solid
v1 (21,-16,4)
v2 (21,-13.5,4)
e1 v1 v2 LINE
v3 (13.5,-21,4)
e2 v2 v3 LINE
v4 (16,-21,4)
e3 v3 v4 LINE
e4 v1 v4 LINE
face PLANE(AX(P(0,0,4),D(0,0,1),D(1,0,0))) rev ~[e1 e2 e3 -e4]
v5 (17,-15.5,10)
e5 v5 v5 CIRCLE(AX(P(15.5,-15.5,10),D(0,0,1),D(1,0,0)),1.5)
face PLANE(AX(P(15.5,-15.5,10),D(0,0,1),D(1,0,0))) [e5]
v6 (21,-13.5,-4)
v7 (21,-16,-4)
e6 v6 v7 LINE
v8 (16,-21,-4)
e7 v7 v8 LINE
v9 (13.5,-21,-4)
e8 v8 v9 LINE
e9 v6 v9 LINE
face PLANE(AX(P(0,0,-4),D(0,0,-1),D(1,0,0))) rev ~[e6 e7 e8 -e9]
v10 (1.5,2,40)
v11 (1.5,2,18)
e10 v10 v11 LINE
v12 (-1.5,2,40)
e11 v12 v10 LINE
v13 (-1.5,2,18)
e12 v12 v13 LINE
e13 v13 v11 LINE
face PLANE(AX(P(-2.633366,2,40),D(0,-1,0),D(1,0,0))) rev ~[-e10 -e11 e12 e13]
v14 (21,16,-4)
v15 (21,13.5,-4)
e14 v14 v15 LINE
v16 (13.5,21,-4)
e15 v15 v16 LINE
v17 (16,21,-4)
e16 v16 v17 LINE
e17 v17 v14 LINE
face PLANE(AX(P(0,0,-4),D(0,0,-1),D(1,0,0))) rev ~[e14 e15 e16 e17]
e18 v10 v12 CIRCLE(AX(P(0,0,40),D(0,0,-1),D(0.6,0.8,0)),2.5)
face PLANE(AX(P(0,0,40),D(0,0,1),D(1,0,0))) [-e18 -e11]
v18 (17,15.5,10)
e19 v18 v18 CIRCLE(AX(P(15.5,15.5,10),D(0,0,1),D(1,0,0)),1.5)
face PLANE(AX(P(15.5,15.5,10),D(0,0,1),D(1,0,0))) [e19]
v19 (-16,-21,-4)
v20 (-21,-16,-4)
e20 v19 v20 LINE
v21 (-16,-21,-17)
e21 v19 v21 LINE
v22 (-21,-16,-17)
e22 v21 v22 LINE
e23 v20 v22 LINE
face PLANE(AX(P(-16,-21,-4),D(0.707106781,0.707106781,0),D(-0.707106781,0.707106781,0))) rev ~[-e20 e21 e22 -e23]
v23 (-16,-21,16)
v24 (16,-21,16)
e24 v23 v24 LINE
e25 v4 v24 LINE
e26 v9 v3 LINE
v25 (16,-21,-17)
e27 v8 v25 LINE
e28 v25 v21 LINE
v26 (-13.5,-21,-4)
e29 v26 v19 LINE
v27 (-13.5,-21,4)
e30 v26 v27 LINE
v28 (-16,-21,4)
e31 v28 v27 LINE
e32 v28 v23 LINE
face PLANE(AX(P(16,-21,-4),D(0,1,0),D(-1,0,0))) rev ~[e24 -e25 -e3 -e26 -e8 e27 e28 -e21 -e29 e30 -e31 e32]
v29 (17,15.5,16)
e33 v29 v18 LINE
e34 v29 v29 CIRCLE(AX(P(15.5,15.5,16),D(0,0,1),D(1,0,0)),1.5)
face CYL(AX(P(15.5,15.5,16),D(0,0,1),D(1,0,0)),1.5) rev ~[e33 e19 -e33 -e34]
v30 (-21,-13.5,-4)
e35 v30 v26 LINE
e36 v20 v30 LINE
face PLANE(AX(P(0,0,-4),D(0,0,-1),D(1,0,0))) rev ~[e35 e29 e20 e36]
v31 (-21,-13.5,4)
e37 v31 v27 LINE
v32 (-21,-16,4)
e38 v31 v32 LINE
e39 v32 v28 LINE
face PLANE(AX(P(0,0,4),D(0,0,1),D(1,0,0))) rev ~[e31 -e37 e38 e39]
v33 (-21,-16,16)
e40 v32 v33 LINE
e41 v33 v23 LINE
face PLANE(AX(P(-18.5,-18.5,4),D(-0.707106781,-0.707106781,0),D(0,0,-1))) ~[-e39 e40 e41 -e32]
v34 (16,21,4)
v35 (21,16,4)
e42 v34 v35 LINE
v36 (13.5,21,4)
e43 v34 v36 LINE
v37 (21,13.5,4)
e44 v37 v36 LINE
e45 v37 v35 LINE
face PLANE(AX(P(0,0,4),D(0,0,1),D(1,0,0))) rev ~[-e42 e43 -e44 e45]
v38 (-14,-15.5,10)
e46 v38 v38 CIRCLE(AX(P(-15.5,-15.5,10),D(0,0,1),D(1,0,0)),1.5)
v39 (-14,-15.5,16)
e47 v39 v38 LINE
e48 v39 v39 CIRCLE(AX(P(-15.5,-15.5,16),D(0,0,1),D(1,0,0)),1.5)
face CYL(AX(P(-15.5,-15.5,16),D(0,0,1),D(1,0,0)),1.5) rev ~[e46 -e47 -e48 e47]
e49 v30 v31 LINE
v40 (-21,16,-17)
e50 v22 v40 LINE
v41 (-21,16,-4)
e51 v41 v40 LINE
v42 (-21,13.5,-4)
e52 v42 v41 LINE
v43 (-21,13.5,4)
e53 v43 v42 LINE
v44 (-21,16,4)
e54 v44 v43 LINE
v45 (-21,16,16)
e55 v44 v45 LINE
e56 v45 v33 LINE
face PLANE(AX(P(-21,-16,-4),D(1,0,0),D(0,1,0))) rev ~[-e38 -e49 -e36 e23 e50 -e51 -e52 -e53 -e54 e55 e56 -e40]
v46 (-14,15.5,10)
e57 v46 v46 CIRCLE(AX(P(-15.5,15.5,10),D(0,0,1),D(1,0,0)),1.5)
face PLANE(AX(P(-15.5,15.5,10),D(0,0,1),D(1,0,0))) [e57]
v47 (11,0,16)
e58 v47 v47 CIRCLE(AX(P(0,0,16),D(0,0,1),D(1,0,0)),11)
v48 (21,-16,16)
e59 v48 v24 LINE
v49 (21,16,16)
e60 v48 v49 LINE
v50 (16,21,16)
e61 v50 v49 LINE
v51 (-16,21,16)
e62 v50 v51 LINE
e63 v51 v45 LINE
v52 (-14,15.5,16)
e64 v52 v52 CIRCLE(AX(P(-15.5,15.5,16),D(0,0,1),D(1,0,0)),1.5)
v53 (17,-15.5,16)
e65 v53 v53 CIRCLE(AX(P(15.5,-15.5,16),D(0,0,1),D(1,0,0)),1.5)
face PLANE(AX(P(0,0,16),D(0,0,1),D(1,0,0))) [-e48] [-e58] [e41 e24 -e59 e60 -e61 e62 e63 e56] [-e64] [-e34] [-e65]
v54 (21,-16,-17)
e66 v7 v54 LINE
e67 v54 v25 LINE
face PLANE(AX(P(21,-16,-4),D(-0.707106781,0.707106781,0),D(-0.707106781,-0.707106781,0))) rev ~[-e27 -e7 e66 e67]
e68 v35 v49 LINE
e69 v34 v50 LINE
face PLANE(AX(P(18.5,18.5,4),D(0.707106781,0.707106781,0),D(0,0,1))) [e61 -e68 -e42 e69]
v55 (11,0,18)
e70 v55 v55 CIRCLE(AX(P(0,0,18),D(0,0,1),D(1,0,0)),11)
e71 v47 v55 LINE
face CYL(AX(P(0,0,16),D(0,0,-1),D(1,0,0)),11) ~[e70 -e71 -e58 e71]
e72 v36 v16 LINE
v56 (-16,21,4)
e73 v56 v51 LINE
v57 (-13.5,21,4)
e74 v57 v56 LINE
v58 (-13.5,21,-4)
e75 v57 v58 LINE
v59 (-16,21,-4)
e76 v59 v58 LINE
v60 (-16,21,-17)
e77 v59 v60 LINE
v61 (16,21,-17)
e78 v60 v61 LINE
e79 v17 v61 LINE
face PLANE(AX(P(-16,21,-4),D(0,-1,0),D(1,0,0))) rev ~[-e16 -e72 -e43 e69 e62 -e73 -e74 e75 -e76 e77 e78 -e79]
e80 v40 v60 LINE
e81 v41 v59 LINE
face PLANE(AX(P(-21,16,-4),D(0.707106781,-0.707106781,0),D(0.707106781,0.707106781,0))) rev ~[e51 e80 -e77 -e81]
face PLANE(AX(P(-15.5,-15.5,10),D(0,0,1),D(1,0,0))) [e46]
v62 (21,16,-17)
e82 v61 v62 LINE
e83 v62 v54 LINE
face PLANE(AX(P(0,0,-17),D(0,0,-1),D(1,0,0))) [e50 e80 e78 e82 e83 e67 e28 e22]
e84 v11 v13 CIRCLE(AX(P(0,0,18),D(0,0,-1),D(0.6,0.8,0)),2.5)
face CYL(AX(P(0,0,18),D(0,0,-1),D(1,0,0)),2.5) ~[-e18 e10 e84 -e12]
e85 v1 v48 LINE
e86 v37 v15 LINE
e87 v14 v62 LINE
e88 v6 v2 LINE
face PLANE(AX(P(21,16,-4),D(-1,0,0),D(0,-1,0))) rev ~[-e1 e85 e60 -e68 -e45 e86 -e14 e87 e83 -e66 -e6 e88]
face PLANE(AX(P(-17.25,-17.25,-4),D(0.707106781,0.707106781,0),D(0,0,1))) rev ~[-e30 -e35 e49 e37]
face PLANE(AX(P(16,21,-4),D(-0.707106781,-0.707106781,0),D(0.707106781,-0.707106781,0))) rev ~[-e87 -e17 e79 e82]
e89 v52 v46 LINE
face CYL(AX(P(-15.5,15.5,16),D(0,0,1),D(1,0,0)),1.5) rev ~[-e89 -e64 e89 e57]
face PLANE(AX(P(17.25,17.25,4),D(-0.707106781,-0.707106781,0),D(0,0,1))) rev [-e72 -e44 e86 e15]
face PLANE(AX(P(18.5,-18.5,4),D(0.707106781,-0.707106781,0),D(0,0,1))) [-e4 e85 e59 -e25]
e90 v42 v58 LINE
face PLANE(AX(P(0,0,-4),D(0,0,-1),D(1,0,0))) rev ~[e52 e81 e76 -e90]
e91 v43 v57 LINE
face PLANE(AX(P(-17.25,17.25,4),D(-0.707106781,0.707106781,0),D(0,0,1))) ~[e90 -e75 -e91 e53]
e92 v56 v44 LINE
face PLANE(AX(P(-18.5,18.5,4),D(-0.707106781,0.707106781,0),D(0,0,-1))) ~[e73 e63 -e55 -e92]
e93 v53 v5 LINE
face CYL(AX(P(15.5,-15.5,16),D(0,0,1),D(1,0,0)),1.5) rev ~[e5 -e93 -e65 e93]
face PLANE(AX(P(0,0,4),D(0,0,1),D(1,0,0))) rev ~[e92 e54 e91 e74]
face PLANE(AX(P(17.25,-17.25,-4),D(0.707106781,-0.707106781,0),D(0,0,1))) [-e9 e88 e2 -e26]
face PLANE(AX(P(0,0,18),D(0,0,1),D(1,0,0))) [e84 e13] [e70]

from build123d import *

# Parameters (mm, degrees)
F0_W      = 42
F0_H      = 42
F1_DEPTH  = 4
F2_SIZE   = 7.5
F4_DEPTH  = 12
F5_SIZE   = 5
F7_DEPTH  = 13
F8_R      = 11
F9_DEPTH  = 2
F10_R     = 2.5
F11_DEPTH = 22
F12_W     = 5.2537292178
F12_H     = 0.9334036984
F13_DEPTH = 22
F14_R     = 1.5
F15_DEPTH = 6


with BuildPart() as f1:
    # F0 (on Top) → F1 (new body, symmetric)
    with BuildSketch(Plane.XY):
        Rectangle(F0_W, F0_H)
    extrude(amount=F1_DEPTH, both=True)

    # F2
    f2_edges = [f1.edges().sort_by_distance(p)[0] for p in [
        (21, 21, 0),
        (-21, 21, 0),
        (-21, -21, 0),
        (21, -21, 0),
    ]]
    chamfer(f2_edges, length=F2_SIZE)

    # F3 (on face) → F4 (join)
    with BuildSketch(Plane.XY.offset(4)):
        Polygon((13.5, 21), (-13.5, 21), (-21, 13.5), (-21, -13.5), (-13.5, -21), (13.5, -21), (21, -13.5), (21, 13.5), align=None)
        Polygon((21, 21), (13.5, 21), (21, 13.5), align=None)
        Polygon((-13.5, 21), (-21, 21), (-21, 13.5), align=None)
        Polygon((-13.5, -21), (-21, -13.5), (-21, -21), align=None)
        Polygon((21, -21), (21, -13.5), (13.5, -21), align=None)
    extrude(amount=F4_DEPTH)

    # F5
    f5_edges = [f1.edges().sort_by_distance(p)[0] for p in [
        (21, -21, 10),
        (-21, -21, 10),
        (-21, 21, 10),
        (21, 21, 10),
    ]]
    chamfer(f5_edges, length=F5_SIZE)

    # F6 (on face) → F7 (join)
    with BuildSketch(Plane(origin=(0, 0, -4), x_dir=(1, 0, 0), z_dir=(0, 0, -1))):
        Polygon((21, -16), (21, 16), (16, 21), (-16, 21), (-21, 16), (-21, -16), (-16, -21), (16, -21), align=None)
    extrude(amount=F7_DEPTH)

    # F8 (on face) → F9 (join)
    with BuildSketch(Plane.XY.offset(16)):
        Circle(F8_R)
    extrude(amount=F9_DEPTH)

    # F10 (on face) → F11 (join)
    with BuildSketch(Plane.XY.offset(18)):
        Circle(F10_R)
    extrude(amount=F11_DEPTH)

    # F12 (on face) → F13 (cut)
    with BuildSketch(Plane.XY.offset(40)):
        with Locations((-0.0065014465, 2.4667018492)):
            Rectangle(F12_W, F12_H)
    extrude(amount=-F13_DEPTH, mode=Mode.SUBTRACT)

    # F14 (on face) → F15 (cut)
    with BuildSketch(Plane.XY.offset(16)):
        with Locations((-15.5, 15.5)):
            Circle(F14_R)
        with Locations((15.5, 15.5)):
            Circle(F14_R)
        with Locations((-15.5, -15.5)):
            Circle(F14_R)
        with Locations((15.5, -15.5)):
            Circle(F14_R)
    extrude(amount=-F15_DEPTH, mode=Mode.SUBTRACT)


solid = f1.part
